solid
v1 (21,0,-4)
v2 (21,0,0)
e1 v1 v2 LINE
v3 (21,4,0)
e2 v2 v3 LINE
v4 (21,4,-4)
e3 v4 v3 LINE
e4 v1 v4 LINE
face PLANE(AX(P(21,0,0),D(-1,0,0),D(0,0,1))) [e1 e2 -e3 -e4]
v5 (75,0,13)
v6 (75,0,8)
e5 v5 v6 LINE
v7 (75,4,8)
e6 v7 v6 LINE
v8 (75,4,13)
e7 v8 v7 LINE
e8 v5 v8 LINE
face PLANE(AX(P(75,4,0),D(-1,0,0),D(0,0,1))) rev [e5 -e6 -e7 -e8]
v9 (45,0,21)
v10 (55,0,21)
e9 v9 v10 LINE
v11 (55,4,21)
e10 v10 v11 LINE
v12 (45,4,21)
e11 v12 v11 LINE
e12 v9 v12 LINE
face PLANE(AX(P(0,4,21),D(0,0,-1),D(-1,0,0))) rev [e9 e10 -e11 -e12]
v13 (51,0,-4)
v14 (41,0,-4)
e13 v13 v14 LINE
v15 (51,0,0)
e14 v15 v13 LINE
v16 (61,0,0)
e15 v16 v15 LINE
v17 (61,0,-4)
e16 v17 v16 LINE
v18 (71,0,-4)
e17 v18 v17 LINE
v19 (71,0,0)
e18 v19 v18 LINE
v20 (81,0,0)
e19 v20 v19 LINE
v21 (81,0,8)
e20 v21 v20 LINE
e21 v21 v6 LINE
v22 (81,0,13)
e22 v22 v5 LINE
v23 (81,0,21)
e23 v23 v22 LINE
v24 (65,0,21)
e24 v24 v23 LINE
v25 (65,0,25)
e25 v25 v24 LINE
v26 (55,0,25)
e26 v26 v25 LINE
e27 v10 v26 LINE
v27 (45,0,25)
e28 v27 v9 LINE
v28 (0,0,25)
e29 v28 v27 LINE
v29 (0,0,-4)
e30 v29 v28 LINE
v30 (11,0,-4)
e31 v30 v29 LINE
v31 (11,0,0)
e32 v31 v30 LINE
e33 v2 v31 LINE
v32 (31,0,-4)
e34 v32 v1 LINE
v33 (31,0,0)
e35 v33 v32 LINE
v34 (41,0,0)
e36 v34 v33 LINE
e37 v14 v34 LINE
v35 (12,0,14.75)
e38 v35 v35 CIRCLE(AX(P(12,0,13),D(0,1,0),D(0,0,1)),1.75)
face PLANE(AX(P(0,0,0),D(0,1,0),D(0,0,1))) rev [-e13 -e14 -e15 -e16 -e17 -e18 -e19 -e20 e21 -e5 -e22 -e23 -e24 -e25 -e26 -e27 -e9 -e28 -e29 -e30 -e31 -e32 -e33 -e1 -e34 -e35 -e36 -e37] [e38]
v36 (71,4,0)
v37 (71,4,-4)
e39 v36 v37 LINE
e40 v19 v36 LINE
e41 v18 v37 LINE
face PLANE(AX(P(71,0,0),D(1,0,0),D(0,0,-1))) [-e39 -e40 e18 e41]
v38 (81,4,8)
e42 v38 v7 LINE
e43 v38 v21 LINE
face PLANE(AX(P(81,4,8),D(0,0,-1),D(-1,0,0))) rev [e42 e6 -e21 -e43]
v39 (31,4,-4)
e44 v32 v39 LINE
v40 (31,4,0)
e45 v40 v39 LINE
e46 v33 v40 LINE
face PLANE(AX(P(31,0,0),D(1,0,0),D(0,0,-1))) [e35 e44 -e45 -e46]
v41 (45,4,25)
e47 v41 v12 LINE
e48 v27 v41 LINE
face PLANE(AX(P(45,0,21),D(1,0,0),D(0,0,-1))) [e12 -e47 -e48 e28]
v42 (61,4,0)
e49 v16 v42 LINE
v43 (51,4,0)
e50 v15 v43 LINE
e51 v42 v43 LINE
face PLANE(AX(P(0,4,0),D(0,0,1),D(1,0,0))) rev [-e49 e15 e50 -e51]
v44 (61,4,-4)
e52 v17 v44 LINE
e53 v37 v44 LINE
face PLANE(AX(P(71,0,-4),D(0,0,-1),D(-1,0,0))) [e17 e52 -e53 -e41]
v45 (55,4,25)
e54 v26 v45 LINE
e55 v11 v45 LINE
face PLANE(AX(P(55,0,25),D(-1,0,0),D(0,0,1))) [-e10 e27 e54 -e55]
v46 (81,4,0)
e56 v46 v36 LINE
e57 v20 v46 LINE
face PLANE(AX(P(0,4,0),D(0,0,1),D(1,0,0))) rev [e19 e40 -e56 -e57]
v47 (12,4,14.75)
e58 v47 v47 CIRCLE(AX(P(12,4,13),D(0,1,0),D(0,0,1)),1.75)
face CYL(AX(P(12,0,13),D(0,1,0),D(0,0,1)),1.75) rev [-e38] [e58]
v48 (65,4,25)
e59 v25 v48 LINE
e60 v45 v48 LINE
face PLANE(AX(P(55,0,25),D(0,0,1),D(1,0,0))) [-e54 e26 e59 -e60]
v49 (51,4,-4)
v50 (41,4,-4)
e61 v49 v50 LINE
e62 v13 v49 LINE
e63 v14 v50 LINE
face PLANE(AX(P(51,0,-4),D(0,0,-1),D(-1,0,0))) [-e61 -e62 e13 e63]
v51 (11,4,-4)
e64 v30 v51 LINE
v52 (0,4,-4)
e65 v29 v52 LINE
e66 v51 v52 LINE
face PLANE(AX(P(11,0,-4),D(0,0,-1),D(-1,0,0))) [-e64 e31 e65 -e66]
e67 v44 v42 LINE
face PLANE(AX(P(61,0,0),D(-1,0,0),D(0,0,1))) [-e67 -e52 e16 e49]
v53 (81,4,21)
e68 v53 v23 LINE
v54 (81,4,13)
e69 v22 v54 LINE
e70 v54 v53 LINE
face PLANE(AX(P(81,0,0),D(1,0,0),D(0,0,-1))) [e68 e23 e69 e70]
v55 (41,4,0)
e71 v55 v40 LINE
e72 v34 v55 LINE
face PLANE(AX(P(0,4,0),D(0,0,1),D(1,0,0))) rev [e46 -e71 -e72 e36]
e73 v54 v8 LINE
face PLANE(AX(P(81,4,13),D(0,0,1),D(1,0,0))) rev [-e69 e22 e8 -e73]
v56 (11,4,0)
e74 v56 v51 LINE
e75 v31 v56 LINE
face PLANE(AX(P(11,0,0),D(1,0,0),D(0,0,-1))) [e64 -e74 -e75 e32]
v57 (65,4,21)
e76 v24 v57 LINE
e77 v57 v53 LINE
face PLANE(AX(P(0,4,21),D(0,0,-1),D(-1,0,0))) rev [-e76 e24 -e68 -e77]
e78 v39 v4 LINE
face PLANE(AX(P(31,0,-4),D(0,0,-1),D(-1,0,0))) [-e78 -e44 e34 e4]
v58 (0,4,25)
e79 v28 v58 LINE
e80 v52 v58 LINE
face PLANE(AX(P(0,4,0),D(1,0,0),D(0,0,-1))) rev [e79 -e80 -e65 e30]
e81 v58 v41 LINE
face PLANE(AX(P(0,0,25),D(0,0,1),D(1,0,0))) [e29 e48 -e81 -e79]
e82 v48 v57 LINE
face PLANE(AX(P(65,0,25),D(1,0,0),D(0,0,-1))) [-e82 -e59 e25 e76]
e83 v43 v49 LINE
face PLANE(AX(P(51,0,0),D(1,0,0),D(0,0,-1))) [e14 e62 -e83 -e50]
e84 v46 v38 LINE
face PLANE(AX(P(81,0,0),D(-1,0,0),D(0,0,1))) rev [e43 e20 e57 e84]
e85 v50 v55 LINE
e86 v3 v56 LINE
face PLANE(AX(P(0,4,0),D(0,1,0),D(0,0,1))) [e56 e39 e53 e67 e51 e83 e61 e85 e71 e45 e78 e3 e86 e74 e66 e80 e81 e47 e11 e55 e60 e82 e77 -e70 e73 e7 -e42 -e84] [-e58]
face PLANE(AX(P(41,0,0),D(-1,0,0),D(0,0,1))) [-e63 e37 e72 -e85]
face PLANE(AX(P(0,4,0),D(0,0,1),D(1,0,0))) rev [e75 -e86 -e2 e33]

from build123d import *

# Parameters (mm, degrees)
SKETCH1_W           = 75
SKETCH1_H           = 21
BOSS_EXTRUDE1_DEPTH = 4
SKETCH2_W           = 8
SKETCH2_H           = 4
BOSS_EXTRUDE2_DEPTH = 6
SKETCH3_W           = 10
SKETCH3_H           = 4
BOSS_EXTRUDE3_DEPTH = 4
LPATTERN1_COUNT     = 4
LPATTERN1_PITCH     = 20
SKETCH4_W           = 1
SKETCH4_H           = 4
BOSS_EXTRUDE4_DEPTH = 4
SKETCH5_W           = 45
SKETCH5_H           = 4
SKETCH5_W_2         = 10
BOSS_EXTRUDE5_DEPTH = 4
SKETCH6_R           = 1.75
CUT_EXTRUDE1_DEPTH  = 85.864598037


with BuildPart() as part:
    # Sketch1 → Boss-Extrude1 (new body)
    with BuildSketch(Plane(origin=(0, 0, 0), x_dir=(1, 0, 0), z_dir=(0, 1, 0))):
        with Locations((37.5, -10.5)):
            Rectangle(SKETCH1_W, SKETCH1_H)
    extrude(amount=BOSS_EXTRUDE1_DEPTH)

    # Sketch2 → Boss-Extrude2 (add)
    with BuildSketch(Plane(origin=(75, 0, 0), x_dir=(0, 0, -1), z_dir=(1, 0, 0))):
        with Locations((-17, 2)):
            Rectangle(SKETCH2_W, SKETCH2_H)
        with Locations((-4, 2)):
            Rectangle(SKETCH2_W, SKETCH2_H)
    extrude(amount=BOSS_EXTRUDE2_DEPTH)

    # Sketch3 → Boss-Extrude3 (add, through all)
    with BuildSketch(Plane(origin=(0, 4, 0), x_dir=(1, 0, 0), z_dir=(0, 1, 0))):
        with Locations((66, 2)):
            Rectangle(SKETCH3_W, SKETCH3_H)
    boss_extrude3 = extrude(amount=-BOSS_EXTRUDE3_DEPTH)

    # LPattern1: Boss-Extrude3 ×4
    with Locations(*[(-i * LPATTERN1_PITCH, 0, 0) for i in range(1, LPATTERN1_COUNT)]):
        add(boss_extrude3)

    # Sketch4 → Boss-Extrude4 (add, through all)
    with BuildSketch(Plane(origin=(0, 4, 0), x_dir=(1, 0, 0), z_dir=(0, 1, 0))):
        with Locations((0.5, 2)):
            Rectangle(SKETCH4_W, SKETCH4_H)
    extrude(amount=-BOSS_EXTRUDE4_DEPTH)

    # Sketch5 → Boss-Extrude5 (add, through all)
    with BuildSketch(Plane(origin=(0, 4, 0), x_dir=(1, 0, 0), z_dir=(0, 1, 0))):
        with Locations((22.5, -23)):
            Rectangle(SKETCH5_W, SKETCH5_H)
        with Locations((60, -23)):
            Rectangle(SKETCH5_W_2, SKETCH5_H)
    extrude(amount=-BOSS_EXTRUDE5_DEPTH)

    # Sketch6 → Cut-Extrude1 (cut, through all)
    with BuildSketch(Plane(origin=(0, 4, 0), x_dir=(1, 0, 0), z_dir=(0, 1, 0))):
        with Locations(Location((12, -13, 0), (0, 0, 270))):
            Circle(SKETCH6_R)
    extrude(amount=-CUT_EXTRUDE1_DEPTH, mode=Mode.SUBTRACT)


solid = part.part
